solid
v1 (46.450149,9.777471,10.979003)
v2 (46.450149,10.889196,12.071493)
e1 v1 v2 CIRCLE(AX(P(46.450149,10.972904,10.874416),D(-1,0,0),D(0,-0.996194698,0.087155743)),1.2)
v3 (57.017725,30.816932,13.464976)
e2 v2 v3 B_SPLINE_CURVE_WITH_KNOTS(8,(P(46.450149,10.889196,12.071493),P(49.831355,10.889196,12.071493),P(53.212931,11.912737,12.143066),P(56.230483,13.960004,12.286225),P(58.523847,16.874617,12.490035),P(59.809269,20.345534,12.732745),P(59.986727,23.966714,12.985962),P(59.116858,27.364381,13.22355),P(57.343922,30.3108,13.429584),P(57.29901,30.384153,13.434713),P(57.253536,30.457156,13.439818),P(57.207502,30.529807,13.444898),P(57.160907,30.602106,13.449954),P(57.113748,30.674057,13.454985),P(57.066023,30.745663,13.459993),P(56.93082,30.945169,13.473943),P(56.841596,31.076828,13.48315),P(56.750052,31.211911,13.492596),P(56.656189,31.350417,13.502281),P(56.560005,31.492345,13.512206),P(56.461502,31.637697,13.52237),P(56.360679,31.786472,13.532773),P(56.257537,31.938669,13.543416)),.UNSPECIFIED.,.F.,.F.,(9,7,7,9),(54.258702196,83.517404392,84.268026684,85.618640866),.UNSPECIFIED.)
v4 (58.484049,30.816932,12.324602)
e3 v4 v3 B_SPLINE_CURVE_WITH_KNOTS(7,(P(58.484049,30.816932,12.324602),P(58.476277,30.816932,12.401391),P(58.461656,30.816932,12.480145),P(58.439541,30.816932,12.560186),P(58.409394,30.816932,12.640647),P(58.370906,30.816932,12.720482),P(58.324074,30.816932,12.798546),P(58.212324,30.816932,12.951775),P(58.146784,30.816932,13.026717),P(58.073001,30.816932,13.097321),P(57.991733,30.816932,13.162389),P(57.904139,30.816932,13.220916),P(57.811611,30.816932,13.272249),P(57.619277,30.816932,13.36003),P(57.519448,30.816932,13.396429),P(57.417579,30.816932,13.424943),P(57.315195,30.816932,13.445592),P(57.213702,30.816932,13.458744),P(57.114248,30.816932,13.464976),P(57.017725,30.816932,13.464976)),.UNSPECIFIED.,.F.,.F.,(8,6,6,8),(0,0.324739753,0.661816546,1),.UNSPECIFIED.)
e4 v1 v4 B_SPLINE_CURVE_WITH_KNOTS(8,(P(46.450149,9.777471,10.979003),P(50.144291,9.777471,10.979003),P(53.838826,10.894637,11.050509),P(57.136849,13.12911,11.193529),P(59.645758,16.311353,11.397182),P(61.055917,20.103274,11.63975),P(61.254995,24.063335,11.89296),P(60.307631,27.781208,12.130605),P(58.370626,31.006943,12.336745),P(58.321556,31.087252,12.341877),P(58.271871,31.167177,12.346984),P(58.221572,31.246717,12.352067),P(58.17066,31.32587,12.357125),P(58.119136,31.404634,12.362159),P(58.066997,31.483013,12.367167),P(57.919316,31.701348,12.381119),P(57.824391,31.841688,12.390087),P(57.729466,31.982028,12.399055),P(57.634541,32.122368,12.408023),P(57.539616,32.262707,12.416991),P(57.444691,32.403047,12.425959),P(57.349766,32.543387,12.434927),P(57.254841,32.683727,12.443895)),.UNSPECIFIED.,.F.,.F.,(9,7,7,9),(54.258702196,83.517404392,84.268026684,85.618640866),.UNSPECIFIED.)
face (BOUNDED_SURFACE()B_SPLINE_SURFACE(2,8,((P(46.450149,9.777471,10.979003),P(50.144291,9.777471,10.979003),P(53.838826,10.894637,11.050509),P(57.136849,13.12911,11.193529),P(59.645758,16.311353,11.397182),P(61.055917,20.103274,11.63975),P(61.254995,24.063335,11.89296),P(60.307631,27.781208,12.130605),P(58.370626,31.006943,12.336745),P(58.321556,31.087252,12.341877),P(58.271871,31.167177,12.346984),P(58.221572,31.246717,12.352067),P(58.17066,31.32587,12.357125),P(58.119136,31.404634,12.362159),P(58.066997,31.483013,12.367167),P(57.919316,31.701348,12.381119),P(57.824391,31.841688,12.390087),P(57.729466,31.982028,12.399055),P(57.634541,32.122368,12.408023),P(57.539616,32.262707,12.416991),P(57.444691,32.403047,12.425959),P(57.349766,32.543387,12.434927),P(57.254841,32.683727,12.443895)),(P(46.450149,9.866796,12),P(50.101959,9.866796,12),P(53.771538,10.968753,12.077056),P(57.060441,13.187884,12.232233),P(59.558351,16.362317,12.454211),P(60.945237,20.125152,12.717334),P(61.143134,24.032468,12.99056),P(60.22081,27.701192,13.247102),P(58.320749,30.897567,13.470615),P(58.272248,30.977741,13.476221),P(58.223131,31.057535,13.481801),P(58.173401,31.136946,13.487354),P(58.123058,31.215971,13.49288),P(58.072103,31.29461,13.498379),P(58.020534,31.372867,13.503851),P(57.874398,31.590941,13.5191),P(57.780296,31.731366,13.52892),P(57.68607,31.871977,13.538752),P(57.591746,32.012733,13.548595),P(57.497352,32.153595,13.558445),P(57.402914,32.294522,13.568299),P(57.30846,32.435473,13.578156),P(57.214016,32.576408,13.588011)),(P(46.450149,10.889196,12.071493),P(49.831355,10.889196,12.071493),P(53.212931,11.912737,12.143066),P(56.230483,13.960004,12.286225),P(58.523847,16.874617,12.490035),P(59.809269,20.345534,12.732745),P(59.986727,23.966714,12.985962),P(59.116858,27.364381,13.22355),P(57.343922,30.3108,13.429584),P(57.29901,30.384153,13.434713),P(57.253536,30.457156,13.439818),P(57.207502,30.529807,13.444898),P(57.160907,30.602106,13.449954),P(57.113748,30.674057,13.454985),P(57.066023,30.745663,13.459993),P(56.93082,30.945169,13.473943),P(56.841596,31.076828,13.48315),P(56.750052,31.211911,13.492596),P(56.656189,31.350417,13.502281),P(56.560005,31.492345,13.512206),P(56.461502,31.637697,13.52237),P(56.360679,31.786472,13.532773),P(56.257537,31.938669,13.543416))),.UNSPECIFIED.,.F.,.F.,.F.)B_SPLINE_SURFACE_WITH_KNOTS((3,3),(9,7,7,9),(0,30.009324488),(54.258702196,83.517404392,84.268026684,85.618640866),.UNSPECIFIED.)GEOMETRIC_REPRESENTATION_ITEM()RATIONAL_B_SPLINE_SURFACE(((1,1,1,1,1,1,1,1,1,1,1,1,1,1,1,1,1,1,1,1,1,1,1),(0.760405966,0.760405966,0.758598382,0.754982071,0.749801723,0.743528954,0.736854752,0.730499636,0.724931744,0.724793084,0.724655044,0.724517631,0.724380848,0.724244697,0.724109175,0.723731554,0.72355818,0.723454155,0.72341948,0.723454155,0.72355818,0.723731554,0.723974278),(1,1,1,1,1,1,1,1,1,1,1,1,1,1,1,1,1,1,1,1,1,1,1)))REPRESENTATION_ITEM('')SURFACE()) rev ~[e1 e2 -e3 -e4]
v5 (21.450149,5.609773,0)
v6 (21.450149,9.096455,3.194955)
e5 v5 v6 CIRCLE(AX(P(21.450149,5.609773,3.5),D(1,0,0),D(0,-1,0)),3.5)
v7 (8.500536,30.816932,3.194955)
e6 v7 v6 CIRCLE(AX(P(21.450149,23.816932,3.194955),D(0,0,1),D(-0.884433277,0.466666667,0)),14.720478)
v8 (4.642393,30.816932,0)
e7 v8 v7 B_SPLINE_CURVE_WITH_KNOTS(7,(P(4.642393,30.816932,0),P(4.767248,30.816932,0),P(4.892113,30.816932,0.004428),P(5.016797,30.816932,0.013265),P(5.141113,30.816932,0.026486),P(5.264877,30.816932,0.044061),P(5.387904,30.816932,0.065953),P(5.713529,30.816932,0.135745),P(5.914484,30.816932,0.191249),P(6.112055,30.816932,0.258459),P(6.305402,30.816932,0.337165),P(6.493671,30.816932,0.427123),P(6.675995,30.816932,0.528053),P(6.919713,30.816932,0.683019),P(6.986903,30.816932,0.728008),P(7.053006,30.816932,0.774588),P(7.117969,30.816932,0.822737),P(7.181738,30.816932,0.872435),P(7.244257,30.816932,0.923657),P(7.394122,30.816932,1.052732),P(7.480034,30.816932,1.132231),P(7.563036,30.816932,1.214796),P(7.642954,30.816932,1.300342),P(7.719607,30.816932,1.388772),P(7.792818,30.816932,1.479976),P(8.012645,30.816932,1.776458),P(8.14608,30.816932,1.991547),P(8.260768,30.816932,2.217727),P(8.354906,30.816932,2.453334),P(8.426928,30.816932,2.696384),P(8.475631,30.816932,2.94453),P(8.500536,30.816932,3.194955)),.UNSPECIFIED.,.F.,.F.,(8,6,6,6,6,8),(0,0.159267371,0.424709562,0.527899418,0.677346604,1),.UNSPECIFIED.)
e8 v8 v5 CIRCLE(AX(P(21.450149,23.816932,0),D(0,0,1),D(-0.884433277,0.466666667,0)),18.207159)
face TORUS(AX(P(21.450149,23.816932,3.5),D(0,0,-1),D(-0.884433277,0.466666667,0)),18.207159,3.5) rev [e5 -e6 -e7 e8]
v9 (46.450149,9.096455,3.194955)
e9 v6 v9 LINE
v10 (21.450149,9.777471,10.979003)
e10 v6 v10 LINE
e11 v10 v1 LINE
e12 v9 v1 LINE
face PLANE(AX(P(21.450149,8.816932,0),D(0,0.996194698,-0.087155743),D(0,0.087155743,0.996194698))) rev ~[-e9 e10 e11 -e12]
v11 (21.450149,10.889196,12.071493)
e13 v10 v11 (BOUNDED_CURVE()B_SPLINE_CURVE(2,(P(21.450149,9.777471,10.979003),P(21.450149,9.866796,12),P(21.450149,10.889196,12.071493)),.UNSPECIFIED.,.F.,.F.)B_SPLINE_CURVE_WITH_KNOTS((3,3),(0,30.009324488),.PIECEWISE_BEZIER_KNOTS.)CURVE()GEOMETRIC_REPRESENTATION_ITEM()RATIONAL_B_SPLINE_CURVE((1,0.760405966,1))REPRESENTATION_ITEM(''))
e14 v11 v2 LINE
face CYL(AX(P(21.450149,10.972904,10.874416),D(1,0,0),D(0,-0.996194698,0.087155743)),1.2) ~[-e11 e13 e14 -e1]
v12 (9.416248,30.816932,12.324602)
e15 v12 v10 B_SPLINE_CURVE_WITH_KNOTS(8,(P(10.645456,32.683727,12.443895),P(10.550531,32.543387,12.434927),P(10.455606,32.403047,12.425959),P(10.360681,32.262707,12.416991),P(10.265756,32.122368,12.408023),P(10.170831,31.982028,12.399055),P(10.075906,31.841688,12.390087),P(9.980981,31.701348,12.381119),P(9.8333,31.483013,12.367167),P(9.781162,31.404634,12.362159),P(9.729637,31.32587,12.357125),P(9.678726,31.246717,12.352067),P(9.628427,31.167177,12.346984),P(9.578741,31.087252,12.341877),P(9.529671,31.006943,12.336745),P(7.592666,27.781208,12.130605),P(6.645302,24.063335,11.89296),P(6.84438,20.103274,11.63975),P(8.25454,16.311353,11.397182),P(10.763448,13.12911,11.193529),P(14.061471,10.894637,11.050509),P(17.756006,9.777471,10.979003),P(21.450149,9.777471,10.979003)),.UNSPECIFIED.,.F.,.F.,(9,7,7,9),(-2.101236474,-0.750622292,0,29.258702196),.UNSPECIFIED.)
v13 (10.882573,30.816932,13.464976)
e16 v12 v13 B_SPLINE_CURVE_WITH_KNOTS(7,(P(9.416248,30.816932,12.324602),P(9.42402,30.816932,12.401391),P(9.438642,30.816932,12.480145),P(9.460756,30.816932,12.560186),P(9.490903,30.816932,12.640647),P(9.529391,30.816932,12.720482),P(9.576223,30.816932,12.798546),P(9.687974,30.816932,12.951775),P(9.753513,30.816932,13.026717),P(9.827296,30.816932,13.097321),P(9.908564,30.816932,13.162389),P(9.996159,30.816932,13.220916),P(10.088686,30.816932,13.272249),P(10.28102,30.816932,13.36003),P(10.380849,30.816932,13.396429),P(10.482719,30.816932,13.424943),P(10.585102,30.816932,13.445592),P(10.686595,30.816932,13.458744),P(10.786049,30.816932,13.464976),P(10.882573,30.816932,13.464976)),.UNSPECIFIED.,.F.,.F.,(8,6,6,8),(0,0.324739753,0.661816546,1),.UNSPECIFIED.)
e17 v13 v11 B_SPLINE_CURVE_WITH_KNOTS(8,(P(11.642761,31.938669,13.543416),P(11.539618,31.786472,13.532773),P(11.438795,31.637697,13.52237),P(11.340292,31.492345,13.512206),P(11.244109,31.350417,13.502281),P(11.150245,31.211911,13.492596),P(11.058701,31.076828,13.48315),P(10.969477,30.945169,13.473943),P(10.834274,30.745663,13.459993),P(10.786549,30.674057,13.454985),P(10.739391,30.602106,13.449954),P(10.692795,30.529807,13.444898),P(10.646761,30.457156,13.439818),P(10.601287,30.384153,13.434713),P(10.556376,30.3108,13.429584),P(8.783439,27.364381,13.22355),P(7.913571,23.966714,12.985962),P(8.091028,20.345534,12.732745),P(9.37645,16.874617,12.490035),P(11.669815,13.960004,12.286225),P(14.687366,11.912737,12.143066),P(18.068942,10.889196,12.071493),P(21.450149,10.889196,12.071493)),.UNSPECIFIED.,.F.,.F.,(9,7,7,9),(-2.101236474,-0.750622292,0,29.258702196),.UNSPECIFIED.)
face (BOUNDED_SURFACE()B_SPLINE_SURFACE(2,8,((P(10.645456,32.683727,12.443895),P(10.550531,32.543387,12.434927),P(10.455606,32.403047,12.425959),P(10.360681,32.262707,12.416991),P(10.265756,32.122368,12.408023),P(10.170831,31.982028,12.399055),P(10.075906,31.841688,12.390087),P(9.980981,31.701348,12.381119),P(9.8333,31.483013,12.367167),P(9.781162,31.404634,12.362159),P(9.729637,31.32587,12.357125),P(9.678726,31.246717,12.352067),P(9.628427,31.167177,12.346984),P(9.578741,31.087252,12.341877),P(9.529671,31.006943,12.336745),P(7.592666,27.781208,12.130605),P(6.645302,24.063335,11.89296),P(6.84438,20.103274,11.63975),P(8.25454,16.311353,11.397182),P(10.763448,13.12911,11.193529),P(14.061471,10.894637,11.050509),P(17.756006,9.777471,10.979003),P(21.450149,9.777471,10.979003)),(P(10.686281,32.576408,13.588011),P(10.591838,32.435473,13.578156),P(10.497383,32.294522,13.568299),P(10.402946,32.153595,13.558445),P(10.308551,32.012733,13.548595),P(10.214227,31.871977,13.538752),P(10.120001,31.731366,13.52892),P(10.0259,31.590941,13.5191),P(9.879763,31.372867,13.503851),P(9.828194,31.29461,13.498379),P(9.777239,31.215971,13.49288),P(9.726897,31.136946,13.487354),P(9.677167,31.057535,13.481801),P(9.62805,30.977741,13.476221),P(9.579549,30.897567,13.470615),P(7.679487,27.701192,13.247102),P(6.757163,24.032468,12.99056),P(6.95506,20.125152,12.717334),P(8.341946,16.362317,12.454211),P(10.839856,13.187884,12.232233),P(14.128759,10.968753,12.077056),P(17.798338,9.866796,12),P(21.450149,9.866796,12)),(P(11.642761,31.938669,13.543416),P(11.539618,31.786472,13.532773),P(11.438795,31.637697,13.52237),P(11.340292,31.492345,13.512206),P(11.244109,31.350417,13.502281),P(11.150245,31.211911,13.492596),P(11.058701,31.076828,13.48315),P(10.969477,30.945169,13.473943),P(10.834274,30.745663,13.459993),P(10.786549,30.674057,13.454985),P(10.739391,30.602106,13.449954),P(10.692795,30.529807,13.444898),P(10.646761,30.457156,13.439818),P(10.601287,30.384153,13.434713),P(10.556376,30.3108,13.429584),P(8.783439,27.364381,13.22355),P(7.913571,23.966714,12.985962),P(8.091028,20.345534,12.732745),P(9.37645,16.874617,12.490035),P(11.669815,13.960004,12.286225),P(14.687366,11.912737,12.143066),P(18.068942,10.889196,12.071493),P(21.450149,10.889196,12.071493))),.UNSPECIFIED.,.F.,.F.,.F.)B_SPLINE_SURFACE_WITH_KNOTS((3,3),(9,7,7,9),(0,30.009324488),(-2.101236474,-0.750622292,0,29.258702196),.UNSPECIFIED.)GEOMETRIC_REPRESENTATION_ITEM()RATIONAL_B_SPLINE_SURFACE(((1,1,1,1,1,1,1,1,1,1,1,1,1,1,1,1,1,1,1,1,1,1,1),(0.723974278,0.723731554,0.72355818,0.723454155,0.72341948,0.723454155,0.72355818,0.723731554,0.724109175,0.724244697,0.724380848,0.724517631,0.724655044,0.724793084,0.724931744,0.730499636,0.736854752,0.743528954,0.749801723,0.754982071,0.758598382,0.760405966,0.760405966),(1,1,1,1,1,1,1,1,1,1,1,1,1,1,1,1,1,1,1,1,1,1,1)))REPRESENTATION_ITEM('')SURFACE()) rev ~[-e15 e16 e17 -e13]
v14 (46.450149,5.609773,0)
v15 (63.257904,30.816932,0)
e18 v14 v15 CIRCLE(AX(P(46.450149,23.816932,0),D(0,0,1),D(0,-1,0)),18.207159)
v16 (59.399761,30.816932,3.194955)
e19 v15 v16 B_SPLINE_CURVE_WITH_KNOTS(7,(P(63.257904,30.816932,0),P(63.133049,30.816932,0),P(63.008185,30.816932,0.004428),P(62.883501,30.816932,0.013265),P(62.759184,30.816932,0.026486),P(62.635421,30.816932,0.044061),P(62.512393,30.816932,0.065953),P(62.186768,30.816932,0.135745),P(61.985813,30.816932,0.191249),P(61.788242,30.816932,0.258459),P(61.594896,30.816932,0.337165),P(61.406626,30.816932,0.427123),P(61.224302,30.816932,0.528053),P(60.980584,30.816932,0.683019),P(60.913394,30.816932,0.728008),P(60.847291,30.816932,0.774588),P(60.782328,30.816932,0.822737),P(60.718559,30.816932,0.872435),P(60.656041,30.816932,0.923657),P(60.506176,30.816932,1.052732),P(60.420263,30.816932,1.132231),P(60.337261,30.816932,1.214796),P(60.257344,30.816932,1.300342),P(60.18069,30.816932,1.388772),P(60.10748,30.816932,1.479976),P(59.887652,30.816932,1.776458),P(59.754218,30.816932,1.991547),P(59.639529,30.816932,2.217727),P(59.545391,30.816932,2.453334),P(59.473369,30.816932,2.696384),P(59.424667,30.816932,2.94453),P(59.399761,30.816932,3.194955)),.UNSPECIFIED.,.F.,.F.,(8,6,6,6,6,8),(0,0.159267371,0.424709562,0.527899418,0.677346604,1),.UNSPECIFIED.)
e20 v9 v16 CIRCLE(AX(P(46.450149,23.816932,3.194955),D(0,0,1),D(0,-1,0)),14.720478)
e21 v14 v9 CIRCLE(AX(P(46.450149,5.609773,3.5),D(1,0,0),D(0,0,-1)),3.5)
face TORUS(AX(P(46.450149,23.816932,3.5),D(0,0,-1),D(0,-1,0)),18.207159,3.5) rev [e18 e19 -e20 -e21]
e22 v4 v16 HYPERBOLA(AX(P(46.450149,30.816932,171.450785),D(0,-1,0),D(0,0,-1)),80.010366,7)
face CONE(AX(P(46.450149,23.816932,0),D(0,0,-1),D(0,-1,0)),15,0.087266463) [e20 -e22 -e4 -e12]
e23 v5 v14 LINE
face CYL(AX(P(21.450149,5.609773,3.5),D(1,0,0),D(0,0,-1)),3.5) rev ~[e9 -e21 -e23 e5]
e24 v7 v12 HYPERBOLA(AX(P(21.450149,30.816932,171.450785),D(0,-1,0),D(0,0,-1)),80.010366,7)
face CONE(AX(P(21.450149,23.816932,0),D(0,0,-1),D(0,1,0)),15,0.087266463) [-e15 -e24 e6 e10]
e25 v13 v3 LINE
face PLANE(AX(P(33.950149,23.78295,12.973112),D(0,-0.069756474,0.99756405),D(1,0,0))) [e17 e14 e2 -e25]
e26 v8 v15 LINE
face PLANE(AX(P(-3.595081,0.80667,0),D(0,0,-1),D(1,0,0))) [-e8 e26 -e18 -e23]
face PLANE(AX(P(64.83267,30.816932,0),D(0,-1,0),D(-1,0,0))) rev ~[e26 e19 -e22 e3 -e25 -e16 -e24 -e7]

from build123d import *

# Parameters (mm, degrees)
BOSS_EXTRUDE1_DEPTH = 12
BOSS_EXTRUDE1_TAPER = 5
SKETCH2_W           = 65.663584352
SKETCH2_H           = 13.360489219
CUT_EXTRUDE1_DEPTH  = 74.667326552
SKETCH3_W           = 72.132604944
SKETCH3_H           = 37.201111507
BOSS_EXTRUDE2_DEPTH = 10
FILLET1_R           = 3.5
SKETCH4_W           = 81.250289089
SKETCH4_H           = 16.618597718
CUT_EXTRUDE2_DEPTH  = 79.90066452
DRAFT2_ANGLE        = -4
FILLET3_R           = 1.2


with BuildPart() as part:
    # Sketch1 → Boss-Extrude1 (new body)
    with BuildSketch(Plane.XY):
        with BuildLine():
            Line((21.450148661, 8.816932272), (46.450148661, 8.816932272))
            ThreePointArc((46.450148661, 8.816932272), (61.450148661, 23.816932272), (46.450148661, 38.816932272))
            Line((46.450148661, 38.816932272), (21.450148661, 38.816932272))
            ThreePointArc((21.450148661, 38.816932272), (6.450148661, 23.816932272), (21.450148661, 8.816932272))
        make_face()
    extrude(amount=BOSS_EXTRUDE1_DEPTH, taper=BOSS_EXTRUDE1_TAPER)

    # Sketch2 → Cut-Extrude1 (cut, through all)
    with BuildSketch(Plane(origin=(0, 0, 0), x_dir=(-1, 0, 0), z_dir=(0, 0, -1))):
        with Locations((-32.000877842, 37.497176882)):
            Rectangle(SKETCH2_W, SKETCH2_H)
    extrude(amount=-CUT_EXTRUDE1_DEPTH, mode=Mode.SUBTRACT)

    # Sketch3 → Boss-Extrude2 (add)
    with BuildSketch(Plane(origin=(0, 0, 0), x_dir=(-1, 0, 0), z_dir=(0, 0, -1))):
        with Locations((-32.471221279, 19.407226217)):
            Rectangle(SKETCH3_W, SKETCH3_H)
    extrude(amount=BOSS_EXTRUDE2_DEPTH)

    # Fillet1
    fillet1_edges = [part.edges().sort_by_distance(p)[0] for p in [
        (59.295381239, 16.070965579, 0),
        (33.950148661, 8.816932272, 0),
        (8.604916082, 16.070965579, 0),
    ]]
    fillet(fillet1_edges, radius=FILLET1_R)

    # Sketch4 → Cut-Extrude2 (cut, through all)
    with BuildSketch(Plane.XZ.offset(-0.806670463)):
        with Locations((37.030063352, -8.309298859)):
            Rectangle(SKETCH4_W, SKETCH4_H)
    extrude(amount=-CUT_EXTRUDE2_DEPTH, mode=Mode.SUBTRACT)

    # Draft2
    draft2_faces = [part.faces().sort_by_distance(p)[0] for p in [
        (33.950148661, 20.873226907, 12),
    ]]
    draft(draft2_faces, Plane.ZX.offset(9.866796234), DRAFT2_ANGLE)

    # Fillet3
    fillet3_edges = [part.edges().sort_by_distance(p)[0] for p in [
        (58.506945165, 16.885570637, 12.490800518),
        (33.950148661, 9.866796234, 12),
        (9.393352156, 16.885570637, 12.490800518),
    ]]
    fillet(fillet3_edges, radius=FILLET3_R)


solid = part.part
